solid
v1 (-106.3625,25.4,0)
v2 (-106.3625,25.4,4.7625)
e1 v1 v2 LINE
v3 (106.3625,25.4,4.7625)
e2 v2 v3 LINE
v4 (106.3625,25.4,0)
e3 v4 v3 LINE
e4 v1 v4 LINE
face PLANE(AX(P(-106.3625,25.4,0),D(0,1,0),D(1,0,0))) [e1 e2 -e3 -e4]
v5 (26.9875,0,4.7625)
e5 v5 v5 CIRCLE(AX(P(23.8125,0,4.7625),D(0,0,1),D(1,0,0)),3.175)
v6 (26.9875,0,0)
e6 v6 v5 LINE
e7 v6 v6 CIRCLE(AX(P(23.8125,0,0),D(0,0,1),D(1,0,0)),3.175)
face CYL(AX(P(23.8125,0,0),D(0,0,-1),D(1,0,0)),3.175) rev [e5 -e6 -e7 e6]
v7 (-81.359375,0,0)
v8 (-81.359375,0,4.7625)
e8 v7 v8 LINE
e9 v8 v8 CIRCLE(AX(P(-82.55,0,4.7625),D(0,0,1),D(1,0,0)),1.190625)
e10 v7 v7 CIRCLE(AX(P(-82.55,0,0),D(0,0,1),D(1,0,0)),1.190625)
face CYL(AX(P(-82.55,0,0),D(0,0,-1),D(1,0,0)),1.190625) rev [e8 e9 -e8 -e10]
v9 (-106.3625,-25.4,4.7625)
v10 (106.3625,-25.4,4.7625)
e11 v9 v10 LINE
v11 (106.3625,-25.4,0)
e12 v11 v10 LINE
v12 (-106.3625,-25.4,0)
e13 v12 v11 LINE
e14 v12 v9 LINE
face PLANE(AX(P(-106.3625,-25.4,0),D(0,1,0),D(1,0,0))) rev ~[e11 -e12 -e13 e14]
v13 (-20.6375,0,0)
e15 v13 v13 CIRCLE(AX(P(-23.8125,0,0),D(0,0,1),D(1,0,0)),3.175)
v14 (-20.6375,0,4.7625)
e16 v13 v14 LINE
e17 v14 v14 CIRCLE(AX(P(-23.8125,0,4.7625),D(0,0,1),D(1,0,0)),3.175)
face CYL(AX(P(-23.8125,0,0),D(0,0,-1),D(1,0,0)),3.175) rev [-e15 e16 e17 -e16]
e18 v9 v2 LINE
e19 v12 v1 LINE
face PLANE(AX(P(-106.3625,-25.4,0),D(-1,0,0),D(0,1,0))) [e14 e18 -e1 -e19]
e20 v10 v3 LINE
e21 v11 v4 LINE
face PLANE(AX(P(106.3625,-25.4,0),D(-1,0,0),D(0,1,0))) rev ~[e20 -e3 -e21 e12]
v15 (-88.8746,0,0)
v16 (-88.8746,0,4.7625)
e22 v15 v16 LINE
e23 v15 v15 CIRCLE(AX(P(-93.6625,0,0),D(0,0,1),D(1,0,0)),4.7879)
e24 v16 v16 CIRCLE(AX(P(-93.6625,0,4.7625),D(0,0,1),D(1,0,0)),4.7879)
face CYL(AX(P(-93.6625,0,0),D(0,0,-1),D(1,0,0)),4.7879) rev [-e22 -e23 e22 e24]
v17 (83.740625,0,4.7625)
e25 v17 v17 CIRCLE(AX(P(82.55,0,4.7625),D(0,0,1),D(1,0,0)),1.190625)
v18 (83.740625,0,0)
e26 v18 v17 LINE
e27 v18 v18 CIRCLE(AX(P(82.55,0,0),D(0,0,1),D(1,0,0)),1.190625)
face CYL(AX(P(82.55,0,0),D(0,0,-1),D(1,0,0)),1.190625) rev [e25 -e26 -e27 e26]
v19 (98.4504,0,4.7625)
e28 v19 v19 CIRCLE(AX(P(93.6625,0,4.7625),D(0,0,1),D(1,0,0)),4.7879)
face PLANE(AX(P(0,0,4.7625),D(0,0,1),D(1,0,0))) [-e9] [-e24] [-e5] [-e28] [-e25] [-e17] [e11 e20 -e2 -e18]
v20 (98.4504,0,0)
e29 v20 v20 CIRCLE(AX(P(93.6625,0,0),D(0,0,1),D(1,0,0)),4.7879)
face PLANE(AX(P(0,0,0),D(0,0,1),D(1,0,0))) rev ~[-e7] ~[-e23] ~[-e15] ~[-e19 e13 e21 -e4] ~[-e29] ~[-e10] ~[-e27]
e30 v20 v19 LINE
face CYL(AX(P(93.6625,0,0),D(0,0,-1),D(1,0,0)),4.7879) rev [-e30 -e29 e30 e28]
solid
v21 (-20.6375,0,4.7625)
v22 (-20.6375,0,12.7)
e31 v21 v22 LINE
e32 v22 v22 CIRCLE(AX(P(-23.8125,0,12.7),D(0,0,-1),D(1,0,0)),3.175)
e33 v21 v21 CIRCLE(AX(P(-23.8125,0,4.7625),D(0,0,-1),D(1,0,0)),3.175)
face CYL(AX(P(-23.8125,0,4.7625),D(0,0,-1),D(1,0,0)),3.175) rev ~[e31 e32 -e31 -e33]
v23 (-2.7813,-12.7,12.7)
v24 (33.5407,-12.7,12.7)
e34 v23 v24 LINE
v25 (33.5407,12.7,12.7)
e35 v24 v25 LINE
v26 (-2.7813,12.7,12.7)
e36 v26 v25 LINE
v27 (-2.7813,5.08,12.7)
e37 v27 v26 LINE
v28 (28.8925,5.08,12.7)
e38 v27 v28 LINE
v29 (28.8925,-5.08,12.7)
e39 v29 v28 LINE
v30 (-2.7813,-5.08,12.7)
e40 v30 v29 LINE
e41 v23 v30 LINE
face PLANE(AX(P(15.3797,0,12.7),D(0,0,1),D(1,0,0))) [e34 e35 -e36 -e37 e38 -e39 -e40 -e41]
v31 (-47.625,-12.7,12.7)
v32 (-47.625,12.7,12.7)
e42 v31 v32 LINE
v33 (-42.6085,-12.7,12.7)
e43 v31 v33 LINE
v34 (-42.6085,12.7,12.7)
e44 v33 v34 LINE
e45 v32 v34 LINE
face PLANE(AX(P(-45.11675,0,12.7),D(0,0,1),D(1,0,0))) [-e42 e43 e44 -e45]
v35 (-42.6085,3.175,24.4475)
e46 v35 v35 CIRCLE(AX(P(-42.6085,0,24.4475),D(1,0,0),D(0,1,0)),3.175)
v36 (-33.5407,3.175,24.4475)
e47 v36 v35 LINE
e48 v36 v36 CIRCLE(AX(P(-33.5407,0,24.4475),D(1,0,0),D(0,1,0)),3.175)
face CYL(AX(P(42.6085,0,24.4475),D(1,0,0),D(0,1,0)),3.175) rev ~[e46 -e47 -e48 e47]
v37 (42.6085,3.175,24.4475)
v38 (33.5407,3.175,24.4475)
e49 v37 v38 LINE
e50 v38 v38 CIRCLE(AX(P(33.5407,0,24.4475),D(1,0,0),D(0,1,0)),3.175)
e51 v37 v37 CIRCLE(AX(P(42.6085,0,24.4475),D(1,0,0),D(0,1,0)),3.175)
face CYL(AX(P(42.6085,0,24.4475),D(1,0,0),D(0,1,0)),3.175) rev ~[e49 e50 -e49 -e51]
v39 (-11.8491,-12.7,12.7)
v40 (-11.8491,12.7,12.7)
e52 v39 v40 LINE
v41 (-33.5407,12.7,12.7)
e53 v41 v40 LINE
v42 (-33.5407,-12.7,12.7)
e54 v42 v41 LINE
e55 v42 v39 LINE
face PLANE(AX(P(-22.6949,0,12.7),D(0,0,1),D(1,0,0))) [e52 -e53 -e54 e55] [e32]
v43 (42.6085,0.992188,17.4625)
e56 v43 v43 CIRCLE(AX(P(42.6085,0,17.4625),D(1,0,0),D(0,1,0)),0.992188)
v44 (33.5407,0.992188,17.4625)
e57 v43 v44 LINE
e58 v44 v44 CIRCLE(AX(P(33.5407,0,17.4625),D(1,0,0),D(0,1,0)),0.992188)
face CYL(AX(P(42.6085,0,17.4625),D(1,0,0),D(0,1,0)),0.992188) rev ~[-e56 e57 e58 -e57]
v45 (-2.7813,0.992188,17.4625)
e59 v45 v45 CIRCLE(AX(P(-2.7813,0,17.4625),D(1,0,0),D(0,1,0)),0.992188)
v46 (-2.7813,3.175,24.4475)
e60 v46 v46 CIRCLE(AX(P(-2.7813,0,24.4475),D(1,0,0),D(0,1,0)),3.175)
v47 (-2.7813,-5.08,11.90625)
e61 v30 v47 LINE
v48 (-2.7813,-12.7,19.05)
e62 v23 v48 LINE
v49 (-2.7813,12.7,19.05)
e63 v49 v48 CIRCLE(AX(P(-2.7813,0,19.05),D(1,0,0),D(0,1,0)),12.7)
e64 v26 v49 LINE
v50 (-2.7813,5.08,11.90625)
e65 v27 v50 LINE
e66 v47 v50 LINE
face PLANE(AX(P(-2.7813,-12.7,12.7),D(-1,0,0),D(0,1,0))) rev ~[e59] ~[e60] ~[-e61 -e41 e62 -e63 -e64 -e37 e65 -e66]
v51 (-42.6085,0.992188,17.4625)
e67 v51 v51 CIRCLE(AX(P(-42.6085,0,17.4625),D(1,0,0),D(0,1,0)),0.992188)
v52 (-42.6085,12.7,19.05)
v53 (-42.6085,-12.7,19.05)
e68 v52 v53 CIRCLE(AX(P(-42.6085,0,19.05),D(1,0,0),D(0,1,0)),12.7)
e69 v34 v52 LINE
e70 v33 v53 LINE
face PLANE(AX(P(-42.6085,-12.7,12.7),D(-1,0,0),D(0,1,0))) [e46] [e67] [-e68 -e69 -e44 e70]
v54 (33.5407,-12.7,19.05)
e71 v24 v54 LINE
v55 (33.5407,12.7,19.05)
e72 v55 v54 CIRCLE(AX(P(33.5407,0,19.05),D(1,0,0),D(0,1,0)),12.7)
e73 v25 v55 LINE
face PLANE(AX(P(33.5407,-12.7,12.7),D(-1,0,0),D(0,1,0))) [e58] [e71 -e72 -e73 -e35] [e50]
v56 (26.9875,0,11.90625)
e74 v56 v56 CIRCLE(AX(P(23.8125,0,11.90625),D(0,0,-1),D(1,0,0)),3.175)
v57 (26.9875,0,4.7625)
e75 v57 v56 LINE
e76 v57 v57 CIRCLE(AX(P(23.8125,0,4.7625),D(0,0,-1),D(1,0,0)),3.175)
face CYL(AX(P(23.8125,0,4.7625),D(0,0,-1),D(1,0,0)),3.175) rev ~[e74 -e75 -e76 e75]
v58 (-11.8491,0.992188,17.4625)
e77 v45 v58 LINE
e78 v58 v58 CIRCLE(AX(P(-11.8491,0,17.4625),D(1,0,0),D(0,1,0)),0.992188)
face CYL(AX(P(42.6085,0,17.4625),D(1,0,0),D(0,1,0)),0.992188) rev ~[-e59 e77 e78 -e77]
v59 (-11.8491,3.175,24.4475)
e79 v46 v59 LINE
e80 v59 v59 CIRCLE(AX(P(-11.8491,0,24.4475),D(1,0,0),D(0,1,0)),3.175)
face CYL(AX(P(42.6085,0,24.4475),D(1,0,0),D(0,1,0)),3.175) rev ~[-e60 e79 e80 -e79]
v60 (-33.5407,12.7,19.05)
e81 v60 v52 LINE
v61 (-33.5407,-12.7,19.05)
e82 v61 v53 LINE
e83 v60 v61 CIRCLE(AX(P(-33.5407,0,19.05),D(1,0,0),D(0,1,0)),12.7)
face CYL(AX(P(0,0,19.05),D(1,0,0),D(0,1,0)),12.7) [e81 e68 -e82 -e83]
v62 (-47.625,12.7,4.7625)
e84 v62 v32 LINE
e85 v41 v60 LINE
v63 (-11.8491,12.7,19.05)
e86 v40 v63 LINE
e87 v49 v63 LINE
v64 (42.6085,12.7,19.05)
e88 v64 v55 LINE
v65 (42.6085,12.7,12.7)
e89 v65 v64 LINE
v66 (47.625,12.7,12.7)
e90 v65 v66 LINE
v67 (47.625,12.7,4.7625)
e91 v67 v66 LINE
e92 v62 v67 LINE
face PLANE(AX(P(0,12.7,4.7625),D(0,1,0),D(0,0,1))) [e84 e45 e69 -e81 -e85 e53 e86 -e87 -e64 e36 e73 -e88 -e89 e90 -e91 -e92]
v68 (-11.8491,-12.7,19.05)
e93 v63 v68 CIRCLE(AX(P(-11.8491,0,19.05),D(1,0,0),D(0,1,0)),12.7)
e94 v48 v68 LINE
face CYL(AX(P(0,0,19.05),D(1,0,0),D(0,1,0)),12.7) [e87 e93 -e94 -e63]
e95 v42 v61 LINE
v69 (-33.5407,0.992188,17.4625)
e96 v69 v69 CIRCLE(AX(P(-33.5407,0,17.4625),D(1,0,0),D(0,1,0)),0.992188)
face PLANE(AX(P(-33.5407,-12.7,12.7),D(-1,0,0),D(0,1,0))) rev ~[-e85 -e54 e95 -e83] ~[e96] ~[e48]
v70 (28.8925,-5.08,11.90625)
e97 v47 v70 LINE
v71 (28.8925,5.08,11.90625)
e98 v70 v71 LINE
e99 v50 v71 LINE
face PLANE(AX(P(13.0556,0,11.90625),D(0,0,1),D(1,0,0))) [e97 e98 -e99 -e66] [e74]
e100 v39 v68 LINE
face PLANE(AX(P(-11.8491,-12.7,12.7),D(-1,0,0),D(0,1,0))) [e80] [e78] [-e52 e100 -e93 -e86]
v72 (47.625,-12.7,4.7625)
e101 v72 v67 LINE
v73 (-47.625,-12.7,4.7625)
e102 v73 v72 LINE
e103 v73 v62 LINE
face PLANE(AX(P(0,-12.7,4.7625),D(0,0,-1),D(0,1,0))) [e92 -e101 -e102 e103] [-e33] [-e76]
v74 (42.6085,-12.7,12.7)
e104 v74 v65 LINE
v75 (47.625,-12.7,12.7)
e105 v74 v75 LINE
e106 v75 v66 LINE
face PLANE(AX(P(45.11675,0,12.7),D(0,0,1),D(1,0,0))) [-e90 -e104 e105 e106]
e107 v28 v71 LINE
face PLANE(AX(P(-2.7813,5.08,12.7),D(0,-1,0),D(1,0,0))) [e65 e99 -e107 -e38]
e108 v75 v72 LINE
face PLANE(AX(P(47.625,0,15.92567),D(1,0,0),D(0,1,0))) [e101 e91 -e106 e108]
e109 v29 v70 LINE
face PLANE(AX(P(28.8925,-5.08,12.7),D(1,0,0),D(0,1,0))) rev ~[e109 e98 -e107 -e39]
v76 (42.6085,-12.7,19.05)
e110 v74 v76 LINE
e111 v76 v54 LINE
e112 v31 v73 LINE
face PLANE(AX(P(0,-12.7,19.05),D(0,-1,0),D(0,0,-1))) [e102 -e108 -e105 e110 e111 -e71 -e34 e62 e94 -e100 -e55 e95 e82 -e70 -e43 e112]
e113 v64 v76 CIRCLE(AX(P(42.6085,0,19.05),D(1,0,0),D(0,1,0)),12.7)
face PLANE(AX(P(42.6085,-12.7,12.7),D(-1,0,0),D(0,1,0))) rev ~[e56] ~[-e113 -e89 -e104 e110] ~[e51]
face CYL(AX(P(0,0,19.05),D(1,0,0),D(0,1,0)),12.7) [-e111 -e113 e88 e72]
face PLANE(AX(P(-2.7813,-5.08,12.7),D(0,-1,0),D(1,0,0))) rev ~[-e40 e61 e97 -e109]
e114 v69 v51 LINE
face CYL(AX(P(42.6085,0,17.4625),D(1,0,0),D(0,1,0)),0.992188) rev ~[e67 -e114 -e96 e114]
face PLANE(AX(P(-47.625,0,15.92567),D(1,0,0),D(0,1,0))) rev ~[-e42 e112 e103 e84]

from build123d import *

# Parameters (mm, degrees)
F0_W          = 212.725
F0_H          = 50.8
F0_R          = 4.7879
F0_R_2        = 1.190625
F0_R_3        = 3.175
F1_DEPTH      = 4.7625
F3_DEPTH      = 47.625
F3_DEPTH_BACK = 47.625
F5_W          = 5.0165
F5_H          = 25.4
F5_W_2        = 21.6916
F5_W_3        = 36.322
F6_DEPTH      = 25.4
F7_R          = 3.175
F8_DEPTH      = 25.4
F9_W          = 31.6738
F9_H          = 10.16
F10_DEPTH     = 0.79375
F11_R         = 3.175
F11_R_2       = 0.992188
F12_DEPTH     = 148.972


with BuildPart() as f1:
    # F0 (on Top) → F1 (new body)
    with BuildSketch(Plane.XY):
        Rectangle(F0_W, F0_H)
        with Locations((-93.6625, 0)):
            Circle(F0_R, mode=Mode.SUBTRACT)
        with Locations((-82.55, 0)):
            Circle(F0_R_2, mode=Mode.SUBTRACT)
        with Locations((-23.8125, 0)):
            Circle(F0_R_3, mode=Mode.SUBTRACT)
        with Locations((23.8125, 0)):
            Circle(F0_R_3, mode=Mode.SUBTRACT)
        with Locations((82.55, 0)):
            Circle(F0_R_2, mode=Mode.SUBTRACT)
        with Locations((93.6625, 0)):
            Circle(F0_R, mode=Mode.SUBTRACT)
    extrude(amount=F1_DEPTH)


with BuildPart() as f3:
    # F2 (on Right) → F3 (new body, two sides)
    with BuildSketch(Plane.YZ) as f3_sk:
        with BuildLine():
            Line((-12.7, 19.05), (-12.7, 4.7625))
            Line((-12.7, 4.7625), (12.7, 4.7625))
            Line((12.7, 4.7625), (12.7, 19.05))
            ThreePointArc((12.7, 19.05), (0, 31.75), (-12.7, 19.05))
        make_face()
    extrude(amount=F3_DEPTH)
    extrude(f3_sk.sketch, amount=-F3_DEPTH_BACK)

    # F5 (on offset) → F6 (cut)
    with BuildSketch(Plane.XY.offset(12.7)):
        with Locations((-45.11675, 0)):
            Rectangle(F5_W, F5_H)
        with Locations((-22.6949, 0)):
            Rectangle(F5_W_2, F5_H)
        with Locations((15.3797, 0)):
            Rectangle(F5_W_3, F5_H)
        with Locations((45.11675, 0)):
            Rectangle(F5_W, F5_H)
    extrude(amount=F6_DEPTH, mode=Mode.SUBTRACT)

    # F7 (on face) → F8 (cut)
    with BuildSketch(Plane(origin=(0, 0, 4.7625), x_dir=(1, 0, 0), z_dir=(0, 0, -1))):
        with Locations((-23.8125, 0)):
            Circle(F7_R)
        with Locations((23.8125, 0)):
            Circle(F7_R)
    extrude(amount=-F8_DEPTH, mode=Mode.SUBTRACT)

    # F9 (on face) → F10 (cut)
    with BuildSketch(Plane.XY.offset(12.7)):
        with Locations((13.0556, 0)):
            Rectangle(F9_W, F9_H)
    extrude(amount=-F10_DEPTH, mode=Mode.SUBTRACT)

    # F11 (on face) → F12 (cut, through all)
    with BuildSketch(Plane.YZ.offset(42.6085)):
        with Locations((0, 24.4475)):
            Circle(F11_R)
        with Locations((0, 17.4625)):
            Circle(F11_R_2)
    extrude(amount=-F12_DEPTH, mode=Mode.SUBTRACT)


solid = Compound([f1.part, f3.part])
